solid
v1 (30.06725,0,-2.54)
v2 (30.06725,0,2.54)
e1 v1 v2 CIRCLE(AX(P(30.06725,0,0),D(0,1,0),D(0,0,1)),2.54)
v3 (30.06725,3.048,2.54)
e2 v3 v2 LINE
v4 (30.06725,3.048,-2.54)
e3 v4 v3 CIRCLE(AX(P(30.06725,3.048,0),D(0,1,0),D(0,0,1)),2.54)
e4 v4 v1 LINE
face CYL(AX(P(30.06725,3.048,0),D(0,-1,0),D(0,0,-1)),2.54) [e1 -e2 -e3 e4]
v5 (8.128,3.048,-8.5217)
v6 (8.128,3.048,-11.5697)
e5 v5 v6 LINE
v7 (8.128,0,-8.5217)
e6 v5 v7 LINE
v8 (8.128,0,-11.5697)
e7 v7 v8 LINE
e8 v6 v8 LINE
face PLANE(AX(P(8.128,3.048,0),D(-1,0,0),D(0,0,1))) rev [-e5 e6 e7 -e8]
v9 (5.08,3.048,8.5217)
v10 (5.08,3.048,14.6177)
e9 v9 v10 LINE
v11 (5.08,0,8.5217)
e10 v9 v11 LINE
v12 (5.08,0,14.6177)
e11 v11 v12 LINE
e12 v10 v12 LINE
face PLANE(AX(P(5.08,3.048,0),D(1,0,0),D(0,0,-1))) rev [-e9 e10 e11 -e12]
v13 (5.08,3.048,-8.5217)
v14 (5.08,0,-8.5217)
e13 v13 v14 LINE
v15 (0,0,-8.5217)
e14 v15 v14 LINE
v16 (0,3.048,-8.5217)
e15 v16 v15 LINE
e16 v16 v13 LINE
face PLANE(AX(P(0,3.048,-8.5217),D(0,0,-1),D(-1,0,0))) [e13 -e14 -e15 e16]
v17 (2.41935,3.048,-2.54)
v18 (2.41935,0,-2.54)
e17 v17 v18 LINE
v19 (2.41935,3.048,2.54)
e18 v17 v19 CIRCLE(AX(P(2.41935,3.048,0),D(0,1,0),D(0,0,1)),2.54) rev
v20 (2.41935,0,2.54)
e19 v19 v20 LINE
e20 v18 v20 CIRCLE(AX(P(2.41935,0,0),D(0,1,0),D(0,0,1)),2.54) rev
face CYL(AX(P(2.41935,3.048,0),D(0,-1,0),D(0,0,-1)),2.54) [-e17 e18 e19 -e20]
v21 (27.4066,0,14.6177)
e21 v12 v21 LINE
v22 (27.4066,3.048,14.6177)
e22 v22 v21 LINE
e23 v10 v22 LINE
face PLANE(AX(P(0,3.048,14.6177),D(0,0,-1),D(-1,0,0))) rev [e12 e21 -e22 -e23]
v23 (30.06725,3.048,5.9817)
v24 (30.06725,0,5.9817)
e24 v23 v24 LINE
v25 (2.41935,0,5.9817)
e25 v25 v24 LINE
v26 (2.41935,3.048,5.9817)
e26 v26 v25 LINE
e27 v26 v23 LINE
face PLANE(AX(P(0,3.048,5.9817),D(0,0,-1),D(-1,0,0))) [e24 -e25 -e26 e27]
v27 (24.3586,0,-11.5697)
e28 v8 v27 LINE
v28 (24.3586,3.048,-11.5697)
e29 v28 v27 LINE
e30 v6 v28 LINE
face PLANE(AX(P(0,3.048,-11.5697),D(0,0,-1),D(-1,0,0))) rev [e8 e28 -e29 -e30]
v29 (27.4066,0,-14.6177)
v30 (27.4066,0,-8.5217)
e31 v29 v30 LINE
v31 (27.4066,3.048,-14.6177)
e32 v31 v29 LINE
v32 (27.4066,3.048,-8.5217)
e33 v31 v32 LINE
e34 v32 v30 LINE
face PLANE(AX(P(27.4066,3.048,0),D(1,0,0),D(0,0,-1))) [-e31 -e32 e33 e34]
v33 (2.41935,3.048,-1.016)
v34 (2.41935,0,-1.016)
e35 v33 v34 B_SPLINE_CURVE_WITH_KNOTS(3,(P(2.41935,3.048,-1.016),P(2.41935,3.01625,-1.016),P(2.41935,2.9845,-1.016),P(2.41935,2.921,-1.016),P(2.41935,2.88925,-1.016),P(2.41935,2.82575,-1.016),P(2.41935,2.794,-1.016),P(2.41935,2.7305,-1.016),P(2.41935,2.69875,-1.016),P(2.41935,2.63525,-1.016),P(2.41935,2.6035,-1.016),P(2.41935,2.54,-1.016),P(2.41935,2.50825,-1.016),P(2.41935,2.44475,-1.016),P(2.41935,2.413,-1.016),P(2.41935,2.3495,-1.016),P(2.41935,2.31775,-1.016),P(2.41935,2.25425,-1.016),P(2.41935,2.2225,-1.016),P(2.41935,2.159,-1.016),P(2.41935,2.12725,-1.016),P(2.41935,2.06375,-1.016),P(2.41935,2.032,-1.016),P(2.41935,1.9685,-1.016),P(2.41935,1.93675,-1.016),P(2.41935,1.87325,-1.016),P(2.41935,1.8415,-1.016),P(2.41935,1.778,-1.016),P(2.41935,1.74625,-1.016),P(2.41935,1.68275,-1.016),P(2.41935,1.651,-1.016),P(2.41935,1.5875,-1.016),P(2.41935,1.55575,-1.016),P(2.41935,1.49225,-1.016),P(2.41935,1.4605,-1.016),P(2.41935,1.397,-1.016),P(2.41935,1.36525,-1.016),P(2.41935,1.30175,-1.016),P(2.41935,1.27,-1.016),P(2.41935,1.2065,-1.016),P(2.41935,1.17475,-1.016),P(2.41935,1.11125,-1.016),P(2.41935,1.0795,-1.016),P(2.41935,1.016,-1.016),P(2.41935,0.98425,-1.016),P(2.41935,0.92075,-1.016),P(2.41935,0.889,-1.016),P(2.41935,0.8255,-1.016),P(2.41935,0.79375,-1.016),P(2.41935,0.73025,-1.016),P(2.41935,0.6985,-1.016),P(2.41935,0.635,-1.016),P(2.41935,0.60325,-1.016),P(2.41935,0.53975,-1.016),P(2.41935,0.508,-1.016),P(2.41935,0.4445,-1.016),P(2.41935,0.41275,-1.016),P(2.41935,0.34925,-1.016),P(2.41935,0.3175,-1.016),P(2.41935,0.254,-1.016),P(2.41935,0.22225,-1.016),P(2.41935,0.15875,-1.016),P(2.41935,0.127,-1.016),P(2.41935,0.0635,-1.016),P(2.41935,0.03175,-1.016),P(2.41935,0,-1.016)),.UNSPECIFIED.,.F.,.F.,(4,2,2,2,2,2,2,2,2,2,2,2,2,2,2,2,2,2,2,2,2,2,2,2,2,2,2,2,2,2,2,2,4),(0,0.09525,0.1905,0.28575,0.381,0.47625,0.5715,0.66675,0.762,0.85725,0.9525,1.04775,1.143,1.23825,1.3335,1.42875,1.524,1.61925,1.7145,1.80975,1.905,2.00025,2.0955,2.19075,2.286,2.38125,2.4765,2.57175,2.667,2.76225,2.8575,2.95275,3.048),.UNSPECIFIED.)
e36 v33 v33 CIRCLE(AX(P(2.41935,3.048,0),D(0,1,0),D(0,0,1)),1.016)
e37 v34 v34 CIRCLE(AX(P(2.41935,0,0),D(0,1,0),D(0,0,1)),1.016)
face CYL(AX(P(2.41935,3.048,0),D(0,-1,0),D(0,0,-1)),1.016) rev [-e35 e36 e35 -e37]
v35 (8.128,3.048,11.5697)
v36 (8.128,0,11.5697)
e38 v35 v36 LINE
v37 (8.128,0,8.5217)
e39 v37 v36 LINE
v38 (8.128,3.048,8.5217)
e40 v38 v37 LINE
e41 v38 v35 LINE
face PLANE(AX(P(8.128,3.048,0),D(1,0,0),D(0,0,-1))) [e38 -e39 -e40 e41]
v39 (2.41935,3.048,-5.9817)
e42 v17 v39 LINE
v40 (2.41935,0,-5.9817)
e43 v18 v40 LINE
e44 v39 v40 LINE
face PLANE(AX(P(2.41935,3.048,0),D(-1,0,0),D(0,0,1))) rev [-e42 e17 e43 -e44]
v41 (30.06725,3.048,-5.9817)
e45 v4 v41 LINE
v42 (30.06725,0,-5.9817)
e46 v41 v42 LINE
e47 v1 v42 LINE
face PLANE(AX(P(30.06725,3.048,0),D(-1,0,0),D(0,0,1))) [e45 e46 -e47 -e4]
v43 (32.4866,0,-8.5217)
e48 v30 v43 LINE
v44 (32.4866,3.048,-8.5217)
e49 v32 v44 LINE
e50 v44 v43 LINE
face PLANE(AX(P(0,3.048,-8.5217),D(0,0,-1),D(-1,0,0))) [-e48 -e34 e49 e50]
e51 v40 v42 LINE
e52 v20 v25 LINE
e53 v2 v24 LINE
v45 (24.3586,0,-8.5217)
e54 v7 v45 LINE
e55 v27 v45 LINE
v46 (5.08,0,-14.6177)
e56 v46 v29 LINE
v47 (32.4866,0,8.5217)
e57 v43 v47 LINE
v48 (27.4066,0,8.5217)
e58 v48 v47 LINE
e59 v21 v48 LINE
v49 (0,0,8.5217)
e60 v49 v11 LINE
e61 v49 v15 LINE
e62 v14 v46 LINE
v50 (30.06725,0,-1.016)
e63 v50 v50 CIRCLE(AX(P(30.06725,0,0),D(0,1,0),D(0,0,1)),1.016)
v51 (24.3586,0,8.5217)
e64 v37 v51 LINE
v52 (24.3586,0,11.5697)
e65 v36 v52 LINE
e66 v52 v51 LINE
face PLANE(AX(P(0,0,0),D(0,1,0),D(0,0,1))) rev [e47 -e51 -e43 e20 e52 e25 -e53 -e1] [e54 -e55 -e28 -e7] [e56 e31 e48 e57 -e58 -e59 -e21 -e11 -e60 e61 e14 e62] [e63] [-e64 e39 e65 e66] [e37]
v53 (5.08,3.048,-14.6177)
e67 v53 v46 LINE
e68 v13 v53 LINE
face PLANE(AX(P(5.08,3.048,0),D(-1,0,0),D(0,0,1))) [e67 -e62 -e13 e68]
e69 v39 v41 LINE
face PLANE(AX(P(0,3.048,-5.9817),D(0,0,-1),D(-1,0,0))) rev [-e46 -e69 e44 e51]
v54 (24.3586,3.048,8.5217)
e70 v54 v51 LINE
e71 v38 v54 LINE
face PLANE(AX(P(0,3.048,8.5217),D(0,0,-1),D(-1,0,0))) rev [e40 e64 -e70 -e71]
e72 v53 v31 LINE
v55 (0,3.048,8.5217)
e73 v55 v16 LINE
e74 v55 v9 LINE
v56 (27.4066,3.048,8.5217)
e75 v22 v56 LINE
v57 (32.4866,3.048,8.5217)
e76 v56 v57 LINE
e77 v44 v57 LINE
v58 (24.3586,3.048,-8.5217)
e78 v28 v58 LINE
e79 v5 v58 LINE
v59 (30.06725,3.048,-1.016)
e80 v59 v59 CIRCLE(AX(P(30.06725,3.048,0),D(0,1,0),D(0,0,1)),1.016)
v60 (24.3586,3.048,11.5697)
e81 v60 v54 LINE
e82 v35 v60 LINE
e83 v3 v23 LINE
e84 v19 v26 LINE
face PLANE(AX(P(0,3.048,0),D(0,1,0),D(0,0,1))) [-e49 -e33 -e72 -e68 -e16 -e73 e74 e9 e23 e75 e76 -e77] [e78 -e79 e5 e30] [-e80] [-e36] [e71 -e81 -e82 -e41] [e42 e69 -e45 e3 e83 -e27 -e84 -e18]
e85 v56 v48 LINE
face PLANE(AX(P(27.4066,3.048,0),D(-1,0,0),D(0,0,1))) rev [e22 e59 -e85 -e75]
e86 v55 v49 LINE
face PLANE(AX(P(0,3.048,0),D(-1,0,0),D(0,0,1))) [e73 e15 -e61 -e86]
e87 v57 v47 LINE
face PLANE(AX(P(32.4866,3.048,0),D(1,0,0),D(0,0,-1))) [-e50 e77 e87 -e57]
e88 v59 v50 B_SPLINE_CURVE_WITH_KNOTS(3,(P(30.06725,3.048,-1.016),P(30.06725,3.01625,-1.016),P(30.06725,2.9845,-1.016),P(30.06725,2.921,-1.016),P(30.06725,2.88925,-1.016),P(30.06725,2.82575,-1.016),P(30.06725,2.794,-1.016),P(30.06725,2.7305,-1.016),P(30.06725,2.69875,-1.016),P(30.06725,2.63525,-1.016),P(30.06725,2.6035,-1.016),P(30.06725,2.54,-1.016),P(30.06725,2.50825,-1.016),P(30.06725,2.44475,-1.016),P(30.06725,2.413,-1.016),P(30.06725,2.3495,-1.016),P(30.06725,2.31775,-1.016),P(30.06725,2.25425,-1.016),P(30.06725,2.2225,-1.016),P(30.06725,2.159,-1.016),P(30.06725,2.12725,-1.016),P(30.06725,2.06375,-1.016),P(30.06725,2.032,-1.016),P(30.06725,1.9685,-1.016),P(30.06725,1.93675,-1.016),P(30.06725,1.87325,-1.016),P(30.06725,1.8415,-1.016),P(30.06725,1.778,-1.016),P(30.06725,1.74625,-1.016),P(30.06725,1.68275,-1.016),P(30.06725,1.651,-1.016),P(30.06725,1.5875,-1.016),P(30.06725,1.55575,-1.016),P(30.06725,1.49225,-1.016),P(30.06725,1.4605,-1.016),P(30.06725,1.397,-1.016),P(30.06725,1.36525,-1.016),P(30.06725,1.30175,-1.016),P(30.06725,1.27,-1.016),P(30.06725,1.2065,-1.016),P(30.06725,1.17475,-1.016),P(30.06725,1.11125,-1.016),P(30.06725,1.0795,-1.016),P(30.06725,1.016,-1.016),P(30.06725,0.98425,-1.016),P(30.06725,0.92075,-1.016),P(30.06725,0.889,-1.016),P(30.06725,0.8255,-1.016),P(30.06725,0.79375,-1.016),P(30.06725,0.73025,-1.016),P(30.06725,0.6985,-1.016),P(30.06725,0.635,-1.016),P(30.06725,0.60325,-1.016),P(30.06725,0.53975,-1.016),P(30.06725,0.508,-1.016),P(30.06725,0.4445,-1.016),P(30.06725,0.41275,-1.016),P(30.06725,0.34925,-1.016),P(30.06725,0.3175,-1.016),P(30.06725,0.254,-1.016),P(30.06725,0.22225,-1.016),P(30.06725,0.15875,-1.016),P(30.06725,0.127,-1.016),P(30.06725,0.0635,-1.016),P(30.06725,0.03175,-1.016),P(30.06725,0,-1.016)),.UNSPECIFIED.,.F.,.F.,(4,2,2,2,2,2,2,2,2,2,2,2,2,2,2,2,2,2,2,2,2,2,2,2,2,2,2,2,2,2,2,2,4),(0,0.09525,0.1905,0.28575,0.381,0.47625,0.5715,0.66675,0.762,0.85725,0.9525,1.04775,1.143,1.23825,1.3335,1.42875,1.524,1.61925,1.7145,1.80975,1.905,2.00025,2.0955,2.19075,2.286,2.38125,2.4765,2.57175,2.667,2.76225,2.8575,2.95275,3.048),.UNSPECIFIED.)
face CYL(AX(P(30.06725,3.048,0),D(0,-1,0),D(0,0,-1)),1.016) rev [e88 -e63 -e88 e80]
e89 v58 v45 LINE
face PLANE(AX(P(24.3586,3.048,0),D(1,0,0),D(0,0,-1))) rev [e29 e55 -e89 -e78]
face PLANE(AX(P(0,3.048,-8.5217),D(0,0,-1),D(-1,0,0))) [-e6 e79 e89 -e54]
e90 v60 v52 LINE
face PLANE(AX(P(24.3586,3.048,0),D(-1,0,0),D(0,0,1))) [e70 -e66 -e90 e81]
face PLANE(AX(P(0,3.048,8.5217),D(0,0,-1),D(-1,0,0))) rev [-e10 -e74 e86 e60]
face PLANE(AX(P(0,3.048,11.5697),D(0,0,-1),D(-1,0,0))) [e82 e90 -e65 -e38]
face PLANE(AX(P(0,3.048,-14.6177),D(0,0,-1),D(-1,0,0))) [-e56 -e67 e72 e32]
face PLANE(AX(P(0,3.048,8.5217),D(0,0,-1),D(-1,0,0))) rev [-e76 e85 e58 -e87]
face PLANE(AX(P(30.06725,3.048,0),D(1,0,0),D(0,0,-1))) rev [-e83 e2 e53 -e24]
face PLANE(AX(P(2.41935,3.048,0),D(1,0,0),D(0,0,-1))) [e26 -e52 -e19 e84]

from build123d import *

# Parameters (mm, degrees)
SKETCH1_W           = 16.2306
SKETCH1_H           = 3.048
SKETCH1_R           = 1.016
BOSS_EXTRUDE1_DEPTH = 3.048


with BuildPart() as part:
    # Sketch1 → Boss-Extrude1 (new body)
    with BuildSketch(Plane(origin=(0, 0, 0), x_dir=(1, 0, 0), z_dir=(0, 1, 0))):
        Polygon((0, 8.5217), (0, -8.5217), (5.08, -8.5217), (5.08, -14.6177), (27.4066, -14.6177), (27.4066, -8.5217), (32.4866, -8.5217), (32.4866, 8.5217), (27.4066, 8.5217), (27.4066, 14.6177), (5.08, 14.6177), (5.08, 8.5217), align=None)
        with Locations((16.2433, -10.0457)):
            Rectangle(SKETCH1_W, SKETCH1_H, mode=Mode.SUBTRACT)
        with Locations((16.2433, 10.0457)):
            Rectangle(SKETCH1_W, SKETCH1_H, mode=Mode.SUBTRACT)
        with BuildLine():
            Line((30.06725, -5.9817), (2.41935, -5.9817))
            Line((2.41935, -5.9817), (2.41935, -2.54))
            ThreePointArc((2.41935, -2.54), (4.95935, 0), (2.41935, 2.54))
            Line((2.41935, 2.54), (2.41935, 5.9817))
            Line((2.41935, 5.9817), (30.06725, 5.9817))
            Line((30.06725, 5.9817), (30.06725, 2.54))
            ThreePointArc((30.06725, 2.54), (27.52725, 0), (30.06725, -2.54))
            Line((30.06725, -2.54), (30.06725, -5.9817))
        make_face(mode=Mode.SUBTRACT)
        with Locations(Location((2.41935, 0, 0), (0, 0, 90))):
            Circle(SKETCH1_R, mode=Mode.SUBTRACT)
        with Locations(Location((30.06725, 0, 0), (0, 0, 90))):
            Circle(SKETCH1_R, mode=Mode.SUBTRACT)
    extrude(amount=BOSS_EXTRUDE1_DEPTH)


solid = part.part
